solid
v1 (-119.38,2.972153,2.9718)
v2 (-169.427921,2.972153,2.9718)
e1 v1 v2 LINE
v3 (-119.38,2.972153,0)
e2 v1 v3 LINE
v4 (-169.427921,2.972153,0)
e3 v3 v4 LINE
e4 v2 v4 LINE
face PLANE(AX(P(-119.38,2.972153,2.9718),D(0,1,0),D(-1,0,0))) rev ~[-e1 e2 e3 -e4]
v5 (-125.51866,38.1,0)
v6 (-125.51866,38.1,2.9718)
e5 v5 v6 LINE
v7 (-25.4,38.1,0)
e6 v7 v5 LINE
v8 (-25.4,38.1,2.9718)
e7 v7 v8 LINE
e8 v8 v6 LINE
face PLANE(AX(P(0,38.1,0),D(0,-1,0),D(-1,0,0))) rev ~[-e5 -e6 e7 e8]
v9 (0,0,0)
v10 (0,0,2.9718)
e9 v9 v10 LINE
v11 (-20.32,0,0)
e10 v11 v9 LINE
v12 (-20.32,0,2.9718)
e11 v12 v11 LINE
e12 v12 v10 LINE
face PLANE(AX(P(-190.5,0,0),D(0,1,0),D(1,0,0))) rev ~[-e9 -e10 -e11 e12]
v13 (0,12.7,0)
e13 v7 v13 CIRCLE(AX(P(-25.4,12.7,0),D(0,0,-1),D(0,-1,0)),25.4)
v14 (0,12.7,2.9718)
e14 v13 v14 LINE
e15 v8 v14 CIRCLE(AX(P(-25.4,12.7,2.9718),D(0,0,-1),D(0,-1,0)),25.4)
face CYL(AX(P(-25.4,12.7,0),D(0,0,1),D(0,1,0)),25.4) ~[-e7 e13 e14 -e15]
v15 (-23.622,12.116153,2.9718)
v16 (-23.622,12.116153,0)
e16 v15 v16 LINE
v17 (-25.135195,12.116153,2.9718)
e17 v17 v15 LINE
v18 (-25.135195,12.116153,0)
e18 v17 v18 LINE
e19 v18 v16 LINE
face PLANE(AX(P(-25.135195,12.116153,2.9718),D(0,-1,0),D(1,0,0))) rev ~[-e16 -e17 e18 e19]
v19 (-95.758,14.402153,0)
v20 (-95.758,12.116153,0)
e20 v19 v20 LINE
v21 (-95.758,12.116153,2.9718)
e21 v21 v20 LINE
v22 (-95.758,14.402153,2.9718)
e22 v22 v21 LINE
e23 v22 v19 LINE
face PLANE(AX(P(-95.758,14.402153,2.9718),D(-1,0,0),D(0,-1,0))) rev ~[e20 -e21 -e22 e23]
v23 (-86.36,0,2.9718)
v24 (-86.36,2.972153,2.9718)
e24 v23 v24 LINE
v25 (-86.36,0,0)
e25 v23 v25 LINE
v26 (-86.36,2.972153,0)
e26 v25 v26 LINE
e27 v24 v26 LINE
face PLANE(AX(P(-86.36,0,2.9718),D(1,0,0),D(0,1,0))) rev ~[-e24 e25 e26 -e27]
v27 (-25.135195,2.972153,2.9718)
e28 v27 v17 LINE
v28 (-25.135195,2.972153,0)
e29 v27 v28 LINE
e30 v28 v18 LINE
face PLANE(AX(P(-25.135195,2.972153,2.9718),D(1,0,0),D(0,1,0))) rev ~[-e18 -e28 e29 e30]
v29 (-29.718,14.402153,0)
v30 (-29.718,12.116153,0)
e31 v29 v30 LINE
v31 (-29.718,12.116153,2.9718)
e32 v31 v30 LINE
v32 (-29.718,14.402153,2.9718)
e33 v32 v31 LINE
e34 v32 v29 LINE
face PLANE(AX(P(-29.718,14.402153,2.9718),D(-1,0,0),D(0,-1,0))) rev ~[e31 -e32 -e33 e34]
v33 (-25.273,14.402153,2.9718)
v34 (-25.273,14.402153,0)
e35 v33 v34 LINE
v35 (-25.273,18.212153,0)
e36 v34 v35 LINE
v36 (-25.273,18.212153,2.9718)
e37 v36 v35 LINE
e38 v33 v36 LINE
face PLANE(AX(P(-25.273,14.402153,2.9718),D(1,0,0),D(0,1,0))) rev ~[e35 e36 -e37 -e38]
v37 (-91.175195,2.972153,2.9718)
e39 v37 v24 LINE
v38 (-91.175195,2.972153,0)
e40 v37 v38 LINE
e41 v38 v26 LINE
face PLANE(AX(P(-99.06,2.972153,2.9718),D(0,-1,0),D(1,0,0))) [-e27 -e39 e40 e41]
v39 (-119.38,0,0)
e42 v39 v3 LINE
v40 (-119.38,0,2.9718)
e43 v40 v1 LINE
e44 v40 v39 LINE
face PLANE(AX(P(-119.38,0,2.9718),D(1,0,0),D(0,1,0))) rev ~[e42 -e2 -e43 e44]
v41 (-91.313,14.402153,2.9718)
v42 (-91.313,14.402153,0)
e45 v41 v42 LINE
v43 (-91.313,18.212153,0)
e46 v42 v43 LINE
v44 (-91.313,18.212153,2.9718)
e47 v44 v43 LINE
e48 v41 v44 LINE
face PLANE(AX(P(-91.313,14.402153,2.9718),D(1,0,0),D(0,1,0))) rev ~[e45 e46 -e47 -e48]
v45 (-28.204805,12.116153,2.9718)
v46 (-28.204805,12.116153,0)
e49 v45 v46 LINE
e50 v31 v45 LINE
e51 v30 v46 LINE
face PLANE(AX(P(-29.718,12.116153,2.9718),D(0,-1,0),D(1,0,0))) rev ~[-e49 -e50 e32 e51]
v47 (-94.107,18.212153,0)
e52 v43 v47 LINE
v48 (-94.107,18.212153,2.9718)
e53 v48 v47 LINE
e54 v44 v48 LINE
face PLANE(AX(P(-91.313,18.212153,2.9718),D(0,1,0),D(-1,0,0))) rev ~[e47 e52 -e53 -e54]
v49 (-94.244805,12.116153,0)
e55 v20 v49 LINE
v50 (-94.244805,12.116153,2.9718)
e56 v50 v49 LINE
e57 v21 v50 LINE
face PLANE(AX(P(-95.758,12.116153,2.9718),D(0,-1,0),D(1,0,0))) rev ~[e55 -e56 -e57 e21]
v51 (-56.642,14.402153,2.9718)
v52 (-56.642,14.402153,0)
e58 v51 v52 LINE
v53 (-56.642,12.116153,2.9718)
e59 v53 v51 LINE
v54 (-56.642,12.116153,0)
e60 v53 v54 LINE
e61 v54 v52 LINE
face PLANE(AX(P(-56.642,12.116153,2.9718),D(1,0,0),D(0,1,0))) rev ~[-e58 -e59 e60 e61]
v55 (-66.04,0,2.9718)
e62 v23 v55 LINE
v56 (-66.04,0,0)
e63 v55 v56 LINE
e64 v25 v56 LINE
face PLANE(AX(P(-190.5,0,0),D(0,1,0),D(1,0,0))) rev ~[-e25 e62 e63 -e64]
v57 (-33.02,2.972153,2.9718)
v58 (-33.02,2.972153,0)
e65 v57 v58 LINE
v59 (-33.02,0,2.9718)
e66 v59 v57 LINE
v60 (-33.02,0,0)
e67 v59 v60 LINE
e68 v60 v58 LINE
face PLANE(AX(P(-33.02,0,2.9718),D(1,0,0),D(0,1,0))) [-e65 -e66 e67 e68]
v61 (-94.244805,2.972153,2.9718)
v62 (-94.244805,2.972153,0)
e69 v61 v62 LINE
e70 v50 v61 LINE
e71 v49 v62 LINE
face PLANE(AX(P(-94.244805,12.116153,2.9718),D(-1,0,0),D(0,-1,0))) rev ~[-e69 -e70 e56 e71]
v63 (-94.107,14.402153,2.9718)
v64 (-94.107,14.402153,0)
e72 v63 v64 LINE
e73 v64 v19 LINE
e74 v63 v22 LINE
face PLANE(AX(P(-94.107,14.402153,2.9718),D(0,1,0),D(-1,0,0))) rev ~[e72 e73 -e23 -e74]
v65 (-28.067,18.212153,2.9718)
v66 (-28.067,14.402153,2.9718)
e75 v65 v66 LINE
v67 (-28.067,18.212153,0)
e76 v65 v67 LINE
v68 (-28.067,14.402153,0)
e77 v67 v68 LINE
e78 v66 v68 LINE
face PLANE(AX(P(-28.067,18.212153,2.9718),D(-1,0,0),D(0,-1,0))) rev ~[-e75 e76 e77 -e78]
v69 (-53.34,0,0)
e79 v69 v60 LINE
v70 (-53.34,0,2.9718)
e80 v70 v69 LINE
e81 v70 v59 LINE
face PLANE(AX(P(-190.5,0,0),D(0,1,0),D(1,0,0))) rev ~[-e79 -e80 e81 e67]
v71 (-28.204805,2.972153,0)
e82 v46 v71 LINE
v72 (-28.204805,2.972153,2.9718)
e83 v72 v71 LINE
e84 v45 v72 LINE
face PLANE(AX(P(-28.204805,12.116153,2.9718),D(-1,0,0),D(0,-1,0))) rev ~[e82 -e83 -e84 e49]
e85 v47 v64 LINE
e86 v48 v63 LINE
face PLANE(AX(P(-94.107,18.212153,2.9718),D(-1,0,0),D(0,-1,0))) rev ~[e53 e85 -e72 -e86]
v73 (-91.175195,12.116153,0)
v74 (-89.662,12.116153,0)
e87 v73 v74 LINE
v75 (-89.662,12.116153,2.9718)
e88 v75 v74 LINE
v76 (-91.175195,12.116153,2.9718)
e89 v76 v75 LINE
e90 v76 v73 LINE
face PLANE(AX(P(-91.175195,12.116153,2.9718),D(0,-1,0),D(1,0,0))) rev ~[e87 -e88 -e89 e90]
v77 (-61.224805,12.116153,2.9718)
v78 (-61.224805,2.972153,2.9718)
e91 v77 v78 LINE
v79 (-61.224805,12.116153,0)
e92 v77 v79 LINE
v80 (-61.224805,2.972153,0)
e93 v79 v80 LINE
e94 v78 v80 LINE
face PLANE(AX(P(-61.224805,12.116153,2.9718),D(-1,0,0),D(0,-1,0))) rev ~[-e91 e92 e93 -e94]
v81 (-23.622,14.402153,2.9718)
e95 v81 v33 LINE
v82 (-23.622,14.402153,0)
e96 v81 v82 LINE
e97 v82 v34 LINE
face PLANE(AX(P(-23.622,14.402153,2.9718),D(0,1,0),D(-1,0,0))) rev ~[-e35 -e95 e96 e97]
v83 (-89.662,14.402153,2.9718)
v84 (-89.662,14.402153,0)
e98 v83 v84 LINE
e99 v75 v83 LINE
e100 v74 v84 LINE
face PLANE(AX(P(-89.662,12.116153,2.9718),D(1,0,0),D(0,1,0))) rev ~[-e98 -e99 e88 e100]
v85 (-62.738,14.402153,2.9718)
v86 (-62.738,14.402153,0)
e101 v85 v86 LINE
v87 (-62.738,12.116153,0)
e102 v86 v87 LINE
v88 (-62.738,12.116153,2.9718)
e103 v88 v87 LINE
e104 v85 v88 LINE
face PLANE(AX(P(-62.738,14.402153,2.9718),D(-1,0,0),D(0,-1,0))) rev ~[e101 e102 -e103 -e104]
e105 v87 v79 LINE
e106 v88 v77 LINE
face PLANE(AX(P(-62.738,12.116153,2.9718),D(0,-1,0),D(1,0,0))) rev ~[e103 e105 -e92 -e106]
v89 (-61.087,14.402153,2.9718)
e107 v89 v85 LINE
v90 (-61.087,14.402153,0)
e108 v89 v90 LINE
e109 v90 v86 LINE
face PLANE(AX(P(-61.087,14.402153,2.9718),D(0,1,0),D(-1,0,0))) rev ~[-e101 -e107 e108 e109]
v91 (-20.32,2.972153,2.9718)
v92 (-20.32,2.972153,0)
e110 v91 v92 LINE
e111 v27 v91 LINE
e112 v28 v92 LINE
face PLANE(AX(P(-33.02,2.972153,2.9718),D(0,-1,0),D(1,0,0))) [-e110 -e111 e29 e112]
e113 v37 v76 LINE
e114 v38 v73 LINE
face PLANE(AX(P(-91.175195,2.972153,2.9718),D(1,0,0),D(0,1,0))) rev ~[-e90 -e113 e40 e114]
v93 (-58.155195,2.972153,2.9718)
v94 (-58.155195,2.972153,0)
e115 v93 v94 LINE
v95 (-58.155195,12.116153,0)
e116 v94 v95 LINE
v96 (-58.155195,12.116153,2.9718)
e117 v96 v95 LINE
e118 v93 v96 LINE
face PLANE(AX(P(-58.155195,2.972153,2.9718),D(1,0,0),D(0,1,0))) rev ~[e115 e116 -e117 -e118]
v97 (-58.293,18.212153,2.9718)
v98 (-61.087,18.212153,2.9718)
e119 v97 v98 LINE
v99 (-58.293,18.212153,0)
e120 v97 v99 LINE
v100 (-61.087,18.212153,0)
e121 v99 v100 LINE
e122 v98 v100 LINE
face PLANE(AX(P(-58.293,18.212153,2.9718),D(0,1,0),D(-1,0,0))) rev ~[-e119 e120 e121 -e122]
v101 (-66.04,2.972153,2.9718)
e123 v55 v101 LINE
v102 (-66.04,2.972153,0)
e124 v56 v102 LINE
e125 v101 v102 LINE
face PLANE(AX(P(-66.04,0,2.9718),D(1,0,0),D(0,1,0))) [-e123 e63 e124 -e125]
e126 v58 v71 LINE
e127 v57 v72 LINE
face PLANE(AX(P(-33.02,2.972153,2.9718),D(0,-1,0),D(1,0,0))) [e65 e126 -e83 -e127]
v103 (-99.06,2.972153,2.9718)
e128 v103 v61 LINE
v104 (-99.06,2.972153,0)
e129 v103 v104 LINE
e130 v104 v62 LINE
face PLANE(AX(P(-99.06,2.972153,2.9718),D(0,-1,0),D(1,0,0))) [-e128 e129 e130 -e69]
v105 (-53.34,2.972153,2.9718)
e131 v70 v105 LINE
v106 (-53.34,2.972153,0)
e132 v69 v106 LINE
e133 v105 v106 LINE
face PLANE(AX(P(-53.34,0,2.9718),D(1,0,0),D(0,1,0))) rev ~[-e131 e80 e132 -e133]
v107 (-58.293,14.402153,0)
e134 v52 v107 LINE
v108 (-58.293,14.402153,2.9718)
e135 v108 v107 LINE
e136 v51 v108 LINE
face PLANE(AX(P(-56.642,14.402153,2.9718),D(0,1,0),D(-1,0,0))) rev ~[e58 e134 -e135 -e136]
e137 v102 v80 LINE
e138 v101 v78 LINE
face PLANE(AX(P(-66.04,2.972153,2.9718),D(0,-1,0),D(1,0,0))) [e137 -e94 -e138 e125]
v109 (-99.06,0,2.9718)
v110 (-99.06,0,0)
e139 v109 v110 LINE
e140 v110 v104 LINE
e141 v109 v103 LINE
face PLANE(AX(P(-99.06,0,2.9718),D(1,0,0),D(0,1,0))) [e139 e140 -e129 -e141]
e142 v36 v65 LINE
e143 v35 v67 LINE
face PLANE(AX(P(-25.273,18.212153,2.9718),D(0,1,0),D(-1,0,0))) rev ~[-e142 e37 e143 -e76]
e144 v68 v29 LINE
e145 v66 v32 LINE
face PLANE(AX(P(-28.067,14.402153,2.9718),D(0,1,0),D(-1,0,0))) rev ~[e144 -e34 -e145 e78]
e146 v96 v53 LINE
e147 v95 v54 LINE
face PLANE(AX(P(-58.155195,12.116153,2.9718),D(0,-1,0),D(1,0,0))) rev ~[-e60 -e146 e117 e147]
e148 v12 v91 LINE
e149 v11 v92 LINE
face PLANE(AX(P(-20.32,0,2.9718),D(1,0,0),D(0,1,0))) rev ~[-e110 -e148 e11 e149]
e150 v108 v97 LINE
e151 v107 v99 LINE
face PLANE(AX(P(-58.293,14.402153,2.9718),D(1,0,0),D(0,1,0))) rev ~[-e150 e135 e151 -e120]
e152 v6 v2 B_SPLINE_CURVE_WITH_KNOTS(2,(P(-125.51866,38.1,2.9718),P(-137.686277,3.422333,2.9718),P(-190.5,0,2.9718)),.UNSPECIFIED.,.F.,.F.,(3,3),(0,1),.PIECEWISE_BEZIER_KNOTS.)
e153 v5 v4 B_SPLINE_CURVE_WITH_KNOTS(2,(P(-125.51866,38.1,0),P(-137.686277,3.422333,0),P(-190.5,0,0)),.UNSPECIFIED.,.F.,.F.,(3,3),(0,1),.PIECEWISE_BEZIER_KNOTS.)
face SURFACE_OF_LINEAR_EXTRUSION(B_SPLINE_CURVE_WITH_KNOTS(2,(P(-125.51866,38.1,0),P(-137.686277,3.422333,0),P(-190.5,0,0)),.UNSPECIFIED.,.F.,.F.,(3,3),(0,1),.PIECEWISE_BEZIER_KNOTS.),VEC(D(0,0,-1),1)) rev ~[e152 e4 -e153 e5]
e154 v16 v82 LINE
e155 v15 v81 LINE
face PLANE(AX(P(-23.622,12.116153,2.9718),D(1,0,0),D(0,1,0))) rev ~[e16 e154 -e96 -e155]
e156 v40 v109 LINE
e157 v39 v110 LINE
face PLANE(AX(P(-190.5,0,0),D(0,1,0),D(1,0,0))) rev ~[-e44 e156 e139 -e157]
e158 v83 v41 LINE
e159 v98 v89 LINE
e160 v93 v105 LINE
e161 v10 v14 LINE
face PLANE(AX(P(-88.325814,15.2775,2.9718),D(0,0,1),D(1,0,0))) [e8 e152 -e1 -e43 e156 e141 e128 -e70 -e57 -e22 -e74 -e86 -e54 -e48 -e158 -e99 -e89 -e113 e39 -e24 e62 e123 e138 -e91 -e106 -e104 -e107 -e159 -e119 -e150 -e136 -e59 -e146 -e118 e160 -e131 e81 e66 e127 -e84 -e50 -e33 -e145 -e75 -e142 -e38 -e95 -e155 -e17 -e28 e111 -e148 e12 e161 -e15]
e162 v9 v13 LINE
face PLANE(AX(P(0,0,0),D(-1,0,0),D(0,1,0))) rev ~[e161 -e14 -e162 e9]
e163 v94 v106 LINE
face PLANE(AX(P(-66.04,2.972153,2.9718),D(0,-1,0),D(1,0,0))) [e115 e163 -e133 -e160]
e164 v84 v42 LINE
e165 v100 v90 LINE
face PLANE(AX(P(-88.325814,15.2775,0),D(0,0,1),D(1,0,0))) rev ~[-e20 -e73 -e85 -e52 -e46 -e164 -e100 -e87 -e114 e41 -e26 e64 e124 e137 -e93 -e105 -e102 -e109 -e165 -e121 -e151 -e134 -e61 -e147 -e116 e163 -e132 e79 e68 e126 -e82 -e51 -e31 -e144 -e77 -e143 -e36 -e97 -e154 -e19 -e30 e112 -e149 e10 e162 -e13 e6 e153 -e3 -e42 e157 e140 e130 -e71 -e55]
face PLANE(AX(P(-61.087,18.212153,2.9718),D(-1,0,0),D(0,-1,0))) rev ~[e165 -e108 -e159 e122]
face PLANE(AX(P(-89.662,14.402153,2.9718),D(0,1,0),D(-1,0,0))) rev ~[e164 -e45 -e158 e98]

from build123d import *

# Parameters (mm, degrees)
BOSS_EXTRUDE2_DEPTH = 2.9718
SKETCH4_W           = 12.7
SKETCH4_H           = 2.972153091
CUT_EXTRUDE1_DEPTH  = 2.9718
CUT_EXTRUDE2_DEPTH  = 2.9718
FILLET1_R           = 25.4


with BuildPart() as part:
    # Sketch2 → Boss-Extrude2 (new body)
    with BuildSketch(Plane.XY):
        with BuildLine():
            Line((-190.5, 0), (0, 0))
            Line((0, 0), (0, 38.1))
            Line((0, 38.1), (-125.518660072, 38.1))
            add(Edge.make_bspline(
                [(-125.518660072, 38.1), (-137.686277491, 3.422332996), (-190.5, 0)],
                knots=[0, 0, 0, 1, 1, 1], degree=2))
        make_face()
    extrude(amount=BOSS_EXTRUDE2_DEPTH)

    # Sketch4 → Cut-Extrude1 (cut)
    with BuildSketch(Plane.XY.offset(2.9718)):
        with Locations((-26.67, 1.486076546)):
            Rectangle(SKETCH4_W, SKETCH4_H)
        with Locations((-59.69, 1.486076546)):
            Rectangle(SKETCH4_W, SKETCH4_H)
        with Locations((-92.71, 1.486076546)):
            Rectangle(SKETCH4_W, SKETCH4_H)
        with BuildLine():
            add(Edge.make_bspline(
                [(-169.427921187, 2.972153091), (-179.000448456, 0.745171762), (-190.5, 0)],
                knots=[0.782262052, 0.782262052, 0.782262052, 1, 1, 1], degree=2))
            Line((-190.5, 0), (-119.38, 0))
            Line((-119.38, 0), (-119.38, 2.972153091))
            Line((-119.38, 2.972153091), (-169.427921187, 2.972153091))
        make_face()
    extrude(amount=-CUT_EXTRUDE1_DEPTH, mode=Mode.SUBTRACT)

    # Sketch5 → Cut-Extrude2 (cut)
    with BuildSketch(Plane.XY.offset(2.9718)):
        Polygon((-91.313, 14.402153091), (-91.313, 18.212153091), (-94.107, 18.212153091), (-94.107, 14.402153091), (-95.758, 14.402153091), (-95.758, 12.116153091), (-94.244804958, 12.116153091), (-94.244804958, 2.972153091), (-91.175195042, 2.972153091), (-91.175195042, 12.116153091), (-89.662, 12.116153091), (-89.662, 14.402153091), align=None)
        Polygon((-58.293, 14.402153091), (-58.293, 18.212153091), (-61.087, 18.212153091), (-61.087, 14.402153091), (-62.738, 14.402153091), (-62.738, 12.116153091), (-61.224804958, 12.116153091), (-61.224804958, 2.972153091), (-58.155195042, 2.972153091), (-58.155195042, 12.116153091), (-56.642, 12.116153091), (-56.642, 14.402153091), align=None)
        Polygon((-26.67, 2.972153091), (-26.67, 18.212153091), (-28.067, 18.212153091), (-28.067, 14.402153091), (-29.718, 14.402153091), (-29.718, 12.116153091), (-28.204804958, 12.116153091), (-28.204804958, 2.972153091), align=None)
        Polygon((-25.273, 18.212153091), (-26.67, 18.212153091), (-26.67, 2.972153091), (-25.135195042, 2.972153091), (-25.135195042, 12.116153091), (-23.622, 12.116153091), (-23.622, 14.402153091), (-25.273, 14.402153091), align=None)
    extrude(amount=-CUT_EXTRUDE2_DEPTH, mode=Mode.SUBTRACT)

    # Fillet1
    fillet1_edges = [part.edges().sort_by_distance(p)[0] for p in [
        (0, 38.1, 1.4859),
    ]]
    fillet(fillet1_edges, radius=FILLET1_R)


solid = part.part
